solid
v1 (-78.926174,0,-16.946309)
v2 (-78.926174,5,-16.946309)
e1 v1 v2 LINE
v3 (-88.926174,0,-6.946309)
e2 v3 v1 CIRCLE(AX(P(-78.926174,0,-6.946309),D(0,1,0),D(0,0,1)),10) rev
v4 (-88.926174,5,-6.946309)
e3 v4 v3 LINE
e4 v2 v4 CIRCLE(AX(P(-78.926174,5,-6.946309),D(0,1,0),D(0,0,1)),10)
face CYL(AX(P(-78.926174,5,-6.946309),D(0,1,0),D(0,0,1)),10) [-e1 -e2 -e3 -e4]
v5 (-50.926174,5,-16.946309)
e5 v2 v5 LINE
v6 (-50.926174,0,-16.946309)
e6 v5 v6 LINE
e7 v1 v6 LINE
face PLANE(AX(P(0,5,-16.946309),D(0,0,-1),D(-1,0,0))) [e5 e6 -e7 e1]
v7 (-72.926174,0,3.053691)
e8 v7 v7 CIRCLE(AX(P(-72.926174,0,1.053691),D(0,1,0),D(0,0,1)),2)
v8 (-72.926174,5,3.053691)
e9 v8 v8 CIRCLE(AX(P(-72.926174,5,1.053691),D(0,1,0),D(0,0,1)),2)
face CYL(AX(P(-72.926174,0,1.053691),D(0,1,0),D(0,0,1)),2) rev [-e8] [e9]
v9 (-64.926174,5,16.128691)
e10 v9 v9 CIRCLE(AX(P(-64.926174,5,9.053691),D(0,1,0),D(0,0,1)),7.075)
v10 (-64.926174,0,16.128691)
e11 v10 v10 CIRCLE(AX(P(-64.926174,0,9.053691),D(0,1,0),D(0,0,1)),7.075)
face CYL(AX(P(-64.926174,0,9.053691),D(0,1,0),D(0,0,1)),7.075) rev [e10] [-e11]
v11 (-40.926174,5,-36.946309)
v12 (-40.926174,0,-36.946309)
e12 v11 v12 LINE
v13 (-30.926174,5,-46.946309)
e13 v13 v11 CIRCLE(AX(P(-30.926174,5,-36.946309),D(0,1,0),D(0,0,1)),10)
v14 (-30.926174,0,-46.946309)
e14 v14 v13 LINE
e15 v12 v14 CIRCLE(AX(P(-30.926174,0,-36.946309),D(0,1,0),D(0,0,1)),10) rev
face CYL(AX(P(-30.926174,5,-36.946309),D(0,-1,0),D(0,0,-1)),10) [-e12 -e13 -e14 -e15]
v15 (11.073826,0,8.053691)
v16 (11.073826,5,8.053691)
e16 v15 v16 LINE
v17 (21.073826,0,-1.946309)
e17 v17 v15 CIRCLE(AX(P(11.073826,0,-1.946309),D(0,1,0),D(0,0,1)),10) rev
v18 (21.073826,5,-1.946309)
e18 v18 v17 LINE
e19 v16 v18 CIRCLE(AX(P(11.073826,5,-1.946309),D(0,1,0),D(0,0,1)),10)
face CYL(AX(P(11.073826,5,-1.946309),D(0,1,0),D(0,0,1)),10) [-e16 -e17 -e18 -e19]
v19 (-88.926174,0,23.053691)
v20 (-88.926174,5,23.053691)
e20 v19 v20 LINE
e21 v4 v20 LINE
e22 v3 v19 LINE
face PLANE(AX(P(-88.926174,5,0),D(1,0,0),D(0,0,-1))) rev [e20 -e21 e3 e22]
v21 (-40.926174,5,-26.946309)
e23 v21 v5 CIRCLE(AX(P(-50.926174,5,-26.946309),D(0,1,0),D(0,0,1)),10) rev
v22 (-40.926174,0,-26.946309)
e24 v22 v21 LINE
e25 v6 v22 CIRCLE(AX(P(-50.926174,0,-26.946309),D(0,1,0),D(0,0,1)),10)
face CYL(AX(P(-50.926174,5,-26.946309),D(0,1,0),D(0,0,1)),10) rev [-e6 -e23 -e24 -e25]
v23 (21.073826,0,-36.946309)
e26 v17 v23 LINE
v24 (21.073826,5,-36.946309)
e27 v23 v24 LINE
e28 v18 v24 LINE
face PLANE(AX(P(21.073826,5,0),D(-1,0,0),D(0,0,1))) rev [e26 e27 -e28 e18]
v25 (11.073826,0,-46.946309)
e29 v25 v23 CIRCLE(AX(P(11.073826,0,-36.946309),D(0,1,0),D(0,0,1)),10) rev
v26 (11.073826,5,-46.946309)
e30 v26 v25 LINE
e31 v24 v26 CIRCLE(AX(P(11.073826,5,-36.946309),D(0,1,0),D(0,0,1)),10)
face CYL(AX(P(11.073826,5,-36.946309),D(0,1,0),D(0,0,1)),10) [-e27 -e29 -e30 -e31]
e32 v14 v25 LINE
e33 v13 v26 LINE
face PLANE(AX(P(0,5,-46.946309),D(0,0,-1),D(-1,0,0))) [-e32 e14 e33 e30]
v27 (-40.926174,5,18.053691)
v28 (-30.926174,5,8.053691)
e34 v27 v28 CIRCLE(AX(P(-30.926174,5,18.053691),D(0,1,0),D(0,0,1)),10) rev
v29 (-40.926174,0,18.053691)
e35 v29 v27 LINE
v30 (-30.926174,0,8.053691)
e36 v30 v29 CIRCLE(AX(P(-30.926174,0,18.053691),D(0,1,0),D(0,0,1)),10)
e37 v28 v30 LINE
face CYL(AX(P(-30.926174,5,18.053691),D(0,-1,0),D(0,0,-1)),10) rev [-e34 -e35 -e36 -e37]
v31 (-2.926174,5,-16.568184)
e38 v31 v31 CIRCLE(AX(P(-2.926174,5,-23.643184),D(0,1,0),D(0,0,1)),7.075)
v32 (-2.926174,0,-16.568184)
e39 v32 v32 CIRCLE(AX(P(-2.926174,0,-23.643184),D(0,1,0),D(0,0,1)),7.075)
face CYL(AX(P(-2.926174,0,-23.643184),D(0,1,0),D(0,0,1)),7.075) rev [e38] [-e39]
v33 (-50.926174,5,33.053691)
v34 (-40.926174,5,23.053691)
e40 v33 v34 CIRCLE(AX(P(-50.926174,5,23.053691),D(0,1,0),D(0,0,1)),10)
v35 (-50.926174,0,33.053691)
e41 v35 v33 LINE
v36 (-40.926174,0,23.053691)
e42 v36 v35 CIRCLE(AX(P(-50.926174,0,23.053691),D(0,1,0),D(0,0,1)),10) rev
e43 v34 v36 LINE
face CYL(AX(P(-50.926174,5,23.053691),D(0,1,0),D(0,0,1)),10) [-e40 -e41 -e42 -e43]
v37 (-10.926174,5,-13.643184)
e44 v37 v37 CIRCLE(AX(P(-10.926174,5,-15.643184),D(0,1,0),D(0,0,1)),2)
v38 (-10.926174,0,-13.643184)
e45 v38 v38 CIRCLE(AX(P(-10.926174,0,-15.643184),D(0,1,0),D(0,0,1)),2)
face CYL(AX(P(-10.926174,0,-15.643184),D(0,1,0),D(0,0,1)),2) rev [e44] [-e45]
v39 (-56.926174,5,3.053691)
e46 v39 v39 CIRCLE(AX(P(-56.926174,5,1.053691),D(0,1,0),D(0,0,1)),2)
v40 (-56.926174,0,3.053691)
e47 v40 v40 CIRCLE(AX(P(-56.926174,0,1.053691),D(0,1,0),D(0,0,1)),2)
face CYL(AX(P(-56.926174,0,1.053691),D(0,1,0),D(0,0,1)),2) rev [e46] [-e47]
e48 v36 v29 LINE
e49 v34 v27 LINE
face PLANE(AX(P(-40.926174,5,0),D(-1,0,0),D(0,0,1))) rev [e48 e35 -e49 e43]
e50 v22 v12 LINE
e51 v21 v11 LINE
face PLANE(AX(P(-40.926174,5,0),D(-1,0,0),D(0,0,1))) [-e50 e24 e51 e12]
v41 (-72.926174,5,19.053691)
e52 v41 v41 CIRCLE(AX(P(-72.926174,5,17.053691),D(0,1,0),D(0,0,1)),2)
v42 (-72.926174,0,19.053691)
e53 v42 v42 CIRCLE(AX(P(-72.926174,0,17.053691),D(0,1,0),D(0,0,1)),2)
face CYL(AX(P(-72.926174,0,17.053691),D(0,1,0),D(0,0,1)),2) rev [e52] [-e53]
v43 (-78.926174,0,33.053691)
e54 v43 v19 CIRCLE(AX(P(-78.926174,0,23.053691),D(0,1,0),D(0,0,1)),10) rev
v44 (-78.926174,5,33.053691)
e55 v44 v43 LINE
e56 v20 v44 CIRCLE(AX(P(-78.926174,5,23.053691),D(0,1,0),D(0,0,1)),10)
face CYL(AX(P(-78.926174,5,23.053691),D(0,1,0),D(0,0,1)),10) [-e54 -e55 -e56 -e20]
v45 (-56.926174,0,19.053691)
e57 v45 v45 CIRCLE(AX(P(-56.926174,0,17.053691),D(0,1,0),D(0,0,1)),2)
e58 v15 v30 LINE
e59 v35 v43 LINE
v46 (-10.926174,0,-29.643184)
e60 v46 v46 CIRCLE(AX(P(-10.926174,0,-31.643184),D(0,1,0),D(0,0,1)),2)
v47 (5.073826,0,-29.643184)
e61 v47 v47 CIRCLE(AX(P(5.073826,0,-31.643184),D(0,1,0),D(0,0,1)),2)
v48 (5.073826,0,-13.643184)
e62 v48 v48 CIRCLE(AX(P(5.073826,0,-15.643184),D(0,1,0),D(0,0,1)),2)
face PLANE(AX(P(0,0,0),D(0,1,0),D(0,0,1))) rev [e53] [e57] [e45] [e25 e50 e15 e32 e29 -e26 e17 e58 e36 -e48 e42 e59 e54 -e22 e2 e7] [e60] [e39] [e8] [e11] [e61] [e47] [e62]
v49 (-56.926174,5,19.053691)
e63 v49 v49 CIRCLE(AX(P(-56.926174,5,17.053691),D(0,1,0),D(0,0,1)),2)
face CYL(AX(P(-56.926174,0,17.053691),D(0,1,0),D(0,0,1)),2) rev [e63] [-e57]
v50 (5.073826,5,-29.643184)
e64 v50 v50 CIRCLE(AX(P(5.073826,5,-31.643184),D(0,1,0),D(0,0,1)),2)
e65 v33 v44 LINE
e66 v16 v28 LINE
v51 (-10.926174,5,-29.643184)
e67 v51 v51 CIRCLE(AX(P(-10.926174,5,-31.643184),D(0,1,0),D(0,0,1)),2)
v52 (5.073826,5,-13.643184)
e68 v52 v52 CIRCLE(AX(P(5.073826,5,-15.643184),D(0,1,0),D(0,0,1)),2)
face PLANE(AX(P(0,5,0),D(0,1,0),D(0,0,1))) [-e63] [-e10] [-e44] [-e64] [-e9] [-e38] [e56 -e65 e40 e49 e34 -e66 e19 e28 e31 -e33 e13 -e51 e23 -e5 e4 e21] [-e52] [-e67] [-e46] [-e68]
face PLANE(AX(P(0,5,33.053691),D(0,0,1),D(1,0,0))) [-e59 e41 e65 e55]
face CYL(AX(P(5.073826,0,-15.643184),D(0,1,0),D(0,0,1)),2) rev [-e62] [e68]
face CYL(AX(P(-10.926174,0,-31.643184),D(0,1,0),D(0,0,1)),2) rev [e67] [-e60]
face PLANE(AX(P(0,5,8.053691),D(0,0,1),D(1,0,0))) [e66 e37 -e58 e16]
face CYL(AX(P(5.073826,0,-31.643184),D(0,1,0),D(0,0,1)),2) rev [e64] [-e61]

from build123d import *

# Parameters (mm, degrees)
BOSS_EXTRUDE1_DEPTH = 5
SKETCH2_R           = 7.075
SKETCH2_R_2         = 2
CUT_EXTRUDE1_DEPTH  = 5
FILLET1_R           = 10
FILLET2_R           = 10


with BuildPart() as part:
    # Sketch1 → Boss-Extrude1 (new body)
    with BuildSketch(Plane(origin=(0, 0, 0), x_dir=(1, 0, 0), z_dir=(0, 1, 0))):
        Polygon((-40.926174497, 16.946308725), (-88.926174497, 16.946308725), (-88.926174497, -33.053691275), (-40.926174497, -33.053691275), (-40.926174497, -8.053691275), (-30.926174497, -8.053691275), (-13.571066073, -8.053691275), (21.073825503, -8.053691275), (21.073825503, 46.946308725), (-30.926174497, 46.946308725), (-40.926174497, 46.946308725), align=None)
    extrude(amount=BOSS_EXTRUDE1_DEPTH)

    # Sketch2 → Cut-Extrude1 (cut)
    with BuildSketch(Plane(origin=(0, 5, 0), x_dir=(1, 0, 0), z_dir=(0, 1, 0))):
        with Locations(Location((-64.926174497, -9.053691275, 0), (0, 0, 270))):
            Circle(SKETCH2_R)
        with Locations(Location((-72.926174497, -1.053691275, 0), (0, 0, 270))):
            Circle(SKETCH2_R_2)
        with Locations(Location((-56.926174497, -1.053691275, 0), (0, 0, 270))):
            Circle(SKETCH2_R_2)
        with Locations(Location((-56.926174497, -17.053691275, 0), (0, 0, 270))):
            Circle(SKETCH2_R_2)
        with Locations(Location((-72.926174497, -17.053691275, 0), (0, 0, 270))):
            Circle(SKETCH2_R_2)
        with Locations(Location((-2.926174497, 23.643183553, 0), (0, 0, 270))):
            Circle(SKETCH2_R)
        with Locations(Location((5.073825503, 31.643183553, 0), (0, 0, 270))):
            Circle(SKETCH2_R_2)
        with Locations(Location((-10.926174497, 15.643183553, 0), (0, 0, 270))):
            Circle(SKETCH2_R_2)
        with Locations(Location((-10.926174497, 31.643183553, 0), (0, 0, 270))):
            Circle(SKETCH2_R_2)
        with Locations(Location((5.073825503, 15.643183553, 0), (0, 0, 270))):
            Circle(SKETCH2_R_2)
    extrude(amount=-CUT_EXTRUDE1_DEPTH, mode=Mode.SUBTRACT)

    # Fillet1
    fillet1_edges = [part.edges().sort_by_distance(p)[0] for p in [
        (-88.926174497, 2.5, -16.946308725),
    ]]
    fillet(fillet1_edges, radius=FILLET1_R)

    # Fillet2
    fillet2_edges = [part.edges().sort_by_distance(p)[0] for p in [
        (21.073825503, 2.5, -46.946308725),
        (21.073825503, 2.5, 8.053691275),
        (-40.926174497, 2.5, 8.053691275),
        (-40.926174497, 2.5, 33.053691275),
        (-88.926174497, 2.5, 33.053691275),
        (-40.926174497, 2.5, -16.946308725),
        (-40.926174497, 2.5, -46.946308725),
    ]]
    fillet(fillet2_edges, radius=FILLET2_R)


solid = part.part
